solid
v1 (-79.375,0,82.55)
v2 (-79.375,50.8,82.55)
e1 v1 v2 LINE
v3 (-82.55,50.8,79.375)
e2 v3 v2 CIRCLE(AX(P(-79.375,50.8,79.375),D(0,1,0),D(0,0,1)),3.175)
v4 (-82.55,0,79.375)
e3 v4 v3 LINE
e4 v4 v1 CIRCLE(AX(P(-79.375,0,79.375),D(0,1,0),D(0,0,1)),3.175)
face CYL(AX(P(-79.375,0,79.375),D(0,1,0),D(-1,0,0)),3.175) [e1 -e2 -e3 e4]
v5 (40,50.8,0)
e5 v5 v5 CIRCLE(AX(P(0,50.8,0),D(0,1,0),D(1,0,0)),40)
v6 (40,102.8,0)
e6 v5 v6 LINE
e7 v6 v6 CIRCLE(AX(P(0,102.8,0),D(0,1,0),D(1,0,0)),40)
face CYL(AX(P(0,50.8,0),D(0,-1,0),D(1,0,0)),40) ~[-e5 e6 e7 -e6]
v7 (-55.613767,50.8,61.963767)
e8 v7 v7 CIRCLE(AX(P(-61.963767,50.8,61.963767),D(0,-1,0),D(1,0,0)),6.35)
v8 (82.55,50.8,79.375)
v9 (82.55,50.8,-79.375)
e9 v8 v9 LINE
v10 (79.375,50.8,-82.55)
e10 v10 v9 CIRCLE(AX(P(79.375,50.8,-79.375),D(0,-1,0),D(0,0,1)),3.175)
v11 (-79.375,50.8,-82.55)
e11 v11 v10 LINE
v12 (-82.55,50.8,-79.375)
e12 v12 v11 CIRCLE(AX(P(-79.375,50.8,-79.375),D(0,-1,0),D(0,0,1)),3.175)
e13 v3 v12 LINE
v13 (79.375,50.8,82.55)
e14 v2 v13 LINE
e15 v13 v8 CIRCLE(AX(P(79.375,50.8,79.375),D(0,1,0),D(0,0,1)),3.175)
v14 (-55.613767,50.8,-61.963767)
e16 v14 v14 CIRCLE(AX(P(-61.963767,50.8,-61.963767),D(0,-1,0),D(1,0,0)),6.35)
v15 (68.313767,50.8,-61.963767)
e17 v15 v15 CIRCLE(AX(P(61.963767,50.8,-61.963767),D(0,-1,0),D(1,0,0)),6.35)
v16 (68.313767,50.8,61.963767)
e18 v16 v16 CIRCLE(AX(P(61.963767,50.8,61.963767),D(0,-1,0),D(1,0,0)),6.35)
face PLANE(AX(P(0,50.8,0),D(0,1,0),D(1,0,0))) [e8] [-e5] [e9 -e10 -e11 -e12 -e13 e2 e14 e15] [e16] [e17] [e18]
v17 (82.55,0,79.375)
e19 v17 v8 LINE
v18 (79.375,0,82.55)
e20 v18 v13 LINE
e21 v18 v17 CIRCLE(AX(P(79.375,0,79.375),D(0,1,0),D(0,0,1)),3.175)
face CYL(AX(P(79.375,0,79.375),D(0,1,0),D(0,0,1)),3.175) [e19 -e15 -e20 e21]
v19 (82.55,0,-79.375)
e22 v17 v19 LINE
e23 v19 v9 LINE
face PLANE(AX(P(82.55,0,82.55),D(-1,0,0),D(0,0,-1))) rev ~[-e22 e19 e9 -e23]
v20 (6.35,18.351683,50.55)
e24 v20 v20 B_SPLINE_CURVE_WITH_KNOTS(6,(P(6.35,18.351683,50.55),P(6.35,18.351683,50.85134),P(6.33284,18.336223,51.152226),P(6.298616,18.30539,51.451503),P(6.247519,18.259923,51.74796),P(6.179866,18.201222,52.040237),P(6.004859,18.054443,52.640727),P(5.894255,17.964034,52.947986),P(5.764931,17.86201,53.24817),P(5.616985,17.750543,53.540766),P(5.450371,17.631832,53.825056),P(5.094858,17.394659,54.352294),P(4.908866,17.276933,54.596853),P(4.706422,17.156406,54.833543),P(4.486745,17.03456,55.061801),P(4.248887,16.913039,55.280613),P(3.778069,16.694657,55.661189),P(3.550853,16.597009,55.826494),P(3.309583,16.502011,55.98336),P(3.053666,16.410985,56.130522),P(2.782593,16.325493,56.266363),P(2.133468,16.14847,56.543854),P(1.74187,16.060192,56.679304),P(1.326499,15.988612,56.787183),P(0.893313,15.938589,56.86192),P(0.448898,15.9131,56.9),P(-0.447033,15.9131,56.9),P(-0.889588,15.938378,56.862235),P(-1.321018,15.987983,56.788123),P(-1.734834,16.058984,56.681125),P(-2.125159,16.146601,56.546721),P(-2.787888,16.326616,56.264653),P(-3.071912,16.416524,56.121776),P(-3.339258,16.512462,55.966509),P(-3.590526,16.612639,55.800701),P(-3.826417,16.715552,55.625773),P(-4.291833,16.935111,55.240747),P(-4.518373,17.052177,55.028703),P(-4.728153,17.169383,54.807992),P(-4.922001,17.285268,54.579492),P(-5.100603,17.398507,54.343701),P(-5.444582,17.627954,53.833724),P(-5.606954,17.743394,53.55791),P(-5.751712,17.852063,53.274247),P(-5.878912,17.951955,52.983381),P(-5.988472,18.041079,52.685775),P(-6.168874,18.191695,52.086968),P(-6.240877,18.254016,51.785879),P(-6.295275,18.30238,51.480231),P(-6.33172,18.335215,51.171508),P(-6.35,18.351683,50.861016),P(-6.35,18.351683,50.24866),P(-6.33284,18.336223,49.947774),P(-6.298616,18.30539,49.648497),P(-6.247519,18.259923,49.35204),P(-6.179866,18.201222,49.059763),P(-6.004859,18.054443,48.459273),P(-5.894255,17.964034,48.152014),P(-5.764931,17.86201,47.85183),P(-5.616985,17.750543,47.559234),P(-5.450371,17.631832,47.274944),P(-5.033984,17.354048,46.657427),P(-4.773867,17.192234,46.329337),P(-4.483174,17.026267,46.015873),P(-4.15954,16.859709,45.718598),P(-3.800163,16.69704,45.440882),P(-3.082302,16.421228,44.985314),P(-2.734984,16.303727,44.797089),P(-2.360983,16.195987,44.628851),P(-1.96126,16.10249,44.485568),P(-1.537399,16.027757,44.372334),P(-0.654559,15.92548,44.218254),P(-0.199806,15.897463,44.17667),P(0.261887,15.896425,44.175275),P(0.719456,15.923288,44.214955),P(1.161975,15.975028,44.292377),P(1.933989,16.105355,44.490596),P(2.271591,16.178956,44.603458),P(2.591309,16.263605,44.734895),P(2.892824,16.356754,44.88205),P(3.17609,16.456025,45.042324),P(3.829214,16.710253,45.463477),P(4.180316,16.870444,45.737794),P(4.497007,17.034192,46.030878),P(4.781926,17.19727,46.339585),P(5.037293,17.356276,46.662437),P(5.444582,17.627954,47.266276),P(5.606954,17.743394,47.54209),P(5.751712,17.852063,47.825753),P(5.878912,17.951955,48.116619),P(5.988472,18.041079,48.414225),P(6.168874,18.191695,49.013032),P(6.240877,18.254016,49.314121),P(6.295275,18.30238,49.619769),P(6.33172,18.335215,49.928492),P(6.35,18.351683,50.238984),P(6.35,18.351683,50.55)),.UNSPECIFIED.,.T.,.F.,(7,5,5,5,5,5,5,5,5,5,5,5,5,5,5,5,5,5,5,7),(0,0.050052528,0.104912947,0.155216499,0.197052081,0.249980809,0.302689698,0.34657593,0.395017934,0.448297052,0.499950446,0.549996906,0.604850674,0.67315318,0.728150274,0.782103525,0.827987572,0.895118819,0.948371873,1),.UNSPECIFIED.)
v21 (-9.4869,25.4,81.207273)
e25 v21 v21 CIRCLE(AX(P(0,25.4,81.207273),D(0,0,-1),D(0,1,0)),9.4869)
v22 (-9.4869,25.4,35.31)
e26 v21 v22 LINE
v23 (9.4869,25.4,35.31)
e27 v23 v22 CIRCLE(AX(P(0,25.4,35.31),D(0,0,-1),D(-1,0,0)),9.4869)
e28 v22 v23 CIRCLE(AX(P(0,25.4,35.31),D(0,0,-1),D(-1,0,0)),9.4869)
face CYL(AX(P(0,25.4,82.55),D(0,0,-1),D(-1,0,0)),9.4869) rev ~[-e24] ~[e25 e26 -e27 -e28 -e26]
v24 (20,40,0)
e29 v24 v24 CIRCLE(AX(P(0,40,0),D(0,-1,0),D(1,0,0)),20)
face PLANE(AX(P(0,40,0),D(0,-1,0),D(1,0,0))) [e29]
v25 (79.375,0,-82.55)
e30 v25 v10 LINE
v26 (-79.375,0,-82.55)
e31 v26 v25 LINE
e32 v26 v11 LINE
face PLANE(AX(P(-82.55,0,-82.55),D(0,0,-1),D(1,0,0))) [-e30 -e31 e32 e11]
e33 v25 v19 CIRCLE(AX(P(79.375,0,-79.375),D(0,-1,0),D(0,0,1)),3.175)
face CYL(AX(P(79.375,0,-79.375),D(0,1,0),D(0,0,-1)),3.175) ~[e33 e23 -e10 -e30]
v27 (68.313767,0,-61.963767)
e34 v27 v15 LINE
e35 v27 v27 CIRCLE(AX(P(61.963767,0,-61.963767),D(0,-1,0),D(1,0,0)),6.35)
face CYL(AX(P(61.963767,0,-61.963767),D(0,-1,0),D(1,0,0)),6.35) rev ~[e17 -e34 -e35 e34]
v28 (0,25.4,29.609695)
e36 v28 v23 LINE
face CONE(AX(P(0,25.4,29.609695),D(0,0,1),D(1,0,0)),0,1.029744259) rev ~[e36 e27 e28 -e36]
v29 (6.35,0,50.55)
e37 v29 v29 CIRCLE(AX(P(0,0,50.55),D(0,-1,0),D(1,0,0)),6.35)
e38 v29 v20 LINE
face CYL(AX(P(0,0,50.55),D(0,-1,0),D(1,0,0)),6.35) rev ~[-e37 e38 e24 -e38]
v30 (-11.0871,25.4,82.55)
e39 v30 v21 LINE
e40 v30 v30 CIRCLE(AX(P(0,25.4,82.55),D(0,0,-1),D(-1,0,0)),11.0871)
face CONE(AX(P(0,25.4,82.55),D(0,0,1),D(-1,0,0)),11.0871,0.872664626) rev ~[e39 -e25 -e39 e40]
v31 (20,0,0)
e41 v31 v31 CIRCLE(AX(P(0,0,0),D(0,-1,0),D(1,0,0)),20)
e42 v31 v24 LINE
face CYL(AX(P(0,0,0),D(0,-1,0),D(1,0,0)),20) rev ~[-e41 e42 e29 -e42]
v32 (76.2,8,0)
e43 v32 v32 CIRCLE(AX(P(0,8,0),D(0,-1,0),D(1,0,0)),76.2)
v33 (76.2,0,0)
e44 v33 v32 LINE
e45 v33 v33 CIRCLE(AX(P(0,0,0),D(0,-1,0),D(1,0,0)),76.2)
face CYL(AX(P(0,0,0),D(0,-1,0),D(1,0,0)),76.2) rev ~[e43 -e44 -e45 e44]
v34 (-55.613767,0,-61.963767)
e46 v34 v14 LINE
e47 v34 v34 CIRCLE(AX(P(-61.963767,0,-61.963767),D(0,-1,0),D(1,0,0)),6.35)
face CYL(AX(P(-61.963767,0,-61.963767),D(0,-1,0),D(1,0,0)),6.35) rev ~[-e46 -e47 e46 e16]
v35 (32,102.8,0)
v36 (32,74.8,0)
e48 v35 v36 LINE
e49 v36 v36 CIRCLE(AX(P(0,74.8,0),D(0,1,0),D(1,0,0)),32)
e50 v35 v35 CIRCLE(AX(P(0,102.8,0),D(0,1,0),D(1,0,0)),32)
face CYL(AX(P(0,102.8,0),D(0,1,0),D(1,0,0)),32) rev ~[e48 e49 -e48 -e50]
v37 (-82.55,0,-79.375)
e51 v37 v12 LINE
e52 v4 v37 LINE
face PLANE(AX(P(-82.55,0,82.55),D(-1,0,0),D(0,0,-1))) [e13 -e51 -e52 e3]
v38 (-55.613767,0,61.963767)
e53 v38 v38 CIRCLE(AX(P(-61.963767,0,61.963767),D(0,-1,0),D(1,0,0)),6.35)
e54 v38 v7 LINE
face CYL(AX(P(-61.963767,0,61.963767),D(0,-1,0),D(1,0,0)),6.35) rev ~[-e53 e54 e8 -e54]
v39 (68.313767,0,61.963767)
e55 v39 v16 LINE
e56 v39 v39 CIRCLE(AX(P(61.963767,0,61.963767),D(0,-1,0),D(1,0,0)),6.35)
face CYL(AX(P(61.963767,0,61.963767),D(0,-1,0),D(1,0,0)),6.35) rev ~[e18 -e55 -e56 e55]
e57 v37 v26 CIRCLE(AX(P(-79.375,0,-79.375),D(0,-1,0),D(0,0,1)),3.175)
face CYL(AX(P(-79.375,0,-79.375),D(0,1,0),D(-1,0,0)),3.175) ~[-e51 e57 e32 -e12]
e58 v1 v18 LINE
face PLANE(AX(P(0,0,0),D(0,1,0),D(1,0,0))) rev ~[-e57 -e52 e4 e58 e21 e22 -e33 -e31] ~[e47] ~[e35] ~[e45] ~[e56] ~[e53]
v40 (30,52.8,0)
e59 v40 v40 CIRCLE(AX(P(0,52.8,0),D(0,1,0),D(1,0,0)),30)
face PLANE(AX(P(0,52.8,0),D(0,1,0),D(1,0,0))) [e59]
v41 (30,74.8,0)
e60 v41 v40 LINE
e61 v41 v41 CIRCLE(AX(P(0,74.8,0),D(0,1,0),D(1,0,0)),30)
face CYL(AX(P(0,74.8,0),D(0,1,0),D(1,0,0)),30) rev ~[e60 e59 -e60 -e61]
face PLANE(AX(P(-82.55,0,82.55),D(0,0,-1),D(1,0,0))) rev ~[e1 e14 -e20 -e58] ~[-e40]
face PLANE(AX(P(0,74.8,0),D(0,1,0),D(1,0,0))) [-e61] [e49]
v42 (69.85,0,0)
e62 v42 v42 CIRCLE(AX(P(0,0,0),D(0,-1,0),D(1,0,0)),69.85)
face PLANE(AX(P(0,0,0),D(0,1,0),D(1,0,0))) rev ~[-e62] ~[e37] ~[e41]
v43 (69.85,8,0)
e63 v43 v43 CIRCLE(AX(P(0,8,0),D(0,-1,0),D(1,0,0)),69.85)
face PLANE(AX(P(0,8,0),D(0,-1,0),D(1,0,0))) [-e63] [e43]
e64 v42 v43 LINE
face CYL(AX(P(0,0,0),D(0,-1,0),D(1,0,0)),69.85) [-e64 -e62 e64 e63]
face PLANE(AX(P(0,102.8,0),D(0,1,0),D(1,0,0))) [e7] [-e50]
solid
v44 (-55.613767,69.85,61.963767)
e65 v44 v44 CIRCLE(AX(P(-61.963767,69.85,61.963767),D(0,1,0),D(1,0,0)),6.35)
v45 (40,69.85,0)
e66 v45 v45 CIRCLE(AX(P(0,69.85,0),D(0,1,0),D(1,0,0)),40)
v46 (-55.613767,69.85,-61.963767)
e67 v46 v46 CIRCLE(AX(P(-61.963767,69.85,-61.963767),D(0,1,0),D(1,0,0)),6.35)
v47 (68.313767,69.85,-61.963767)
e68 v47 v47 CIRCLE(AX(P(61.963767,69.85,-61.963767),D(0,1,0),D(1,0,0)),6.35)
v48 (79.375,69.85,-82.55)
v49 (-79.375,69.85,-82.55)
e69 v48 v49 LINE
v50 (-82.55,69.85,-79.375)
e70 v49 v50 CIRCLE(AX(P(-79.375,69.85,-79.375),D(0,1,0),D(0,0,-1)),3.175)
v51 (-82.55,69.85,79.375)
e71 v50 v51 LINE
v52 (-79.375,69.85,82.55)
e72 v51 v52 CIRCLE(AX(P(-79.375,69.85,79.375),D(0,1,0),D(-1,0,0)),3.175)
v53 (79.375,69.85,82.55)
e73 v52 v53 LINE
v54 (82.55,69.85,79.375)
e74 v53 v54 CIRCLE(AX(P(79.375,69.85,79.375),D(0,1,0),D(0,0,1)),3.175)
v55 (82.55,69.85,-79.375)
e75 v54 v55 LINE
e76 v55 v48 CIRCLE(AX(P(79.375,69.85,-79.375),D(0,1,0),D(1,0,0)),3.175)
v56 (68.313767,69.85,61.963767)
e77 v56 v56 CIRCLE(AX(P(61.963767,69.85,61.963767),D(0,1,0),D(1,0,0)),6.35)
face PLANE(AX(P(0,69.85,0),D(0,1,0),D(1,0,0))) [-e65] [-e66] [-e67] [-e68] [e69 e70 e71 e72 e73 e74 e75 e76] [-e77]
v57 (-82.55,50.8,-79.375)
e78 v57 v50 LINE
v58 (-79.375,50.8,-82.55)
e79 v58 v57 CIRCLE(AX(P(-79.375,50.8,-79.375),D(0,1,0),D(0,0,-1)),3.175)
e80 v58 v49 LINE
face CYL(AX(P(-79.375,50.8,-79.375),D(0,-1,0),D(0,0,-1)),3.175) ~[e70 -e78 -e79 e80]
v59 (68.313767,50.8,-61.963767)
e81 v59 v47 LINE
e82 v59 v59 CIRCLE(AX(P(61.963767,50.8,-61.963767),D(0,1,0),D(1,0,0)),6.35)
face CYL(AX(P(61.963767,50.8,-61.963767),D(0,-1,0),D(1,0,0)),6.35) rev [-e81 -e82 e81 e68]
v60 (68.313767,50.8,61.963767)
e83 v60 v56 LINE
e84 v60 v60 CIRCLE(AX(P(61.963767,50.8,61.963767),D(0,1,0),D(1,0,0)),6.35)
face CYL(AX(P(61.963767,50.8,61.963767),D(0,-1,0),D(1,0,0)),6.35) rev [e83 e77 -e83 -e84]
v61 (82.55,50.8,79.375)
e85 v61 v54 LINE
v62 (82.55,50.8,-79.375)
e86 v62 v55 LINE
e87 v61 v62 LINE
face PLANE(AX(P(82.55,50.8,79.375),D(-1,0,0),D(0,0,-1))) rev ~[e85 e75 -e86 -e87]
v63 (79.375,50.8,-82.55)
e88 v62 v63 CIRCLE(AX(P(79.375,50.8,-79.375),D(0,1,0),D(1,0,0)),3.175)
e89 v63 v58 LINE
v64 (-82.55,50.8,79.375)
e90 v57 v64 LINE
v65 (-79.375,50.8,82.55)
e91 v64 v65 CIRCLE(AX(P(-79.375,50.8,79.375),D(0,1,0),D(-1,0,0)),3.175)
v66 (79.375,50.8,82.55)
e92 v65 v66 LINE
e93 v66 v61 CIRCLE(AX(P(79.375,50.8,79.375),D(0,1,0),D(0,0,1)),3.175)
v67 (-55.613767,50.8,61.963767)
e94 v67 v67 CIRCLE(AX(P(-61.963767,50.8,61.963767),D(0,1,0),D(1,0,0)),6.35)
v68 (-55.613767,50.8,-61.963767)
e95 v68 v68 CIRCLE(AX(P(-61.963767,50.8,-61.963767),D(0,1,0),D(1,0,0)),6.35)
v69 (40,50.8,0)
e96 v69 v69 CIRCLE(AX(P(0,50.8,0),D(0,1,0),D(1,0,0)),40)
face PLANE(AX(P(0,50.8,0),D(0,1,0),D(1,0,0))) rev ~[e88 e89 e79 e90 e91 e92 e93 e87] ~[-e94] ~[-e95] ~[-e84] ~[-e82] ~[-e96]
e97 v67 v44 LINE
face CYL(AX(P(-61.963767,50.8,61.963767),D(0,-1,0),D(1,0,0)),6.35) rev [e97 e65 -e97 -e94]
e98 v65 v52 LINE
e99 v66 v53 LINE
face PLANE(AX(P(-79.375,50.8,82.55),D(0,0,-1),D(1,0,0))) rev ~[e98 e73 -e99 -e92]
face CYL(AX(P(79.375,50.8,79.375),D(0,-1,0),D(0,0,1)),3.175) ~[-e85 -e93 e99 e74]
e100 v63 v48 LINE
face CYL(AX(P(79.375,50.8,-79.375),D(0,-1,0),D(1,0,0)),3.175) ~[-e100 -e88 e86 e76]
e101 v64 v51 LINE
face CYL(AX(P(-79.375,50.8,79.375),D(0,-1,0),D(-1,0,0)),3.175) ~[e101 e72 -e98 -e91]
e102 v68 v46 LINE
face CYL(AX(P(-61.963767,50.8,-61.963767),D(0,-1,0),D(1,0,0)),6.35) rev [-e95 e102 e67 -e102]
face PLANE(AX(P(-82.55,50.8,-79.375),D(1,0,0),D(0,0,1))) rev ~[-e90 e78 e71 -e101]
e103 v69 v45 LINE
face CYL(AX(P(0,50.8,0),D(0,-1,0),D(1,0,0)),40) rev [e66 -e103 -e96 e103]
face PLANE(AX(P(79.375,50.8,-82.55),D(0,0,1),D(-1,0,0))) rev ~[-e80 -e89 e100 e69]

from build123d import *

# Parameters (mm, degrees)
SKETCH1_W                              = 165.1
SKETCH1_H                              = 165.1
BOSS_EXTRUDE1_DEPTH                    = 50.8
SKETCH2_R                              = 40
BOSS_EXTRUDE2_DEPTH                    = 52
SKETCH3_R                              = 32
CUT_EXTRUDE1_DEPTH                     = 28
SKETCH4_R                              = 30
CUT_EXTRUDE2_DEPTH                     = 22
FILLET1_R                              = 3.175
SKETCH5_R                              = 20
CUT_EXTRUDE3_DEPTH                     = 40
SKETCH6_R                              = 76.2
SKETCH6_R_2                            = 69.85
CUT_EXTRUDE4_DEPTH                     = 8
F_1_2_14_NPSM_TAPPED_HOLE1_D           = 18.9738
F_1_2_14_NPSM_TAPPED_HOLE1_DEPTH       = 47.24
F_1_2_14_NPSM_TAPPED_HOLE1_CSINK_D     = 22.1742
F_1_2_14_NPSM_TAPPED_HOLE1_CSINK_ANGLE = 100
F_1_2_14_NPSM_TAPPED_HOLE1_TIP         = 5.700304607
SKETCH10_R                             = 6.35
CUT_EXTRUDE5_DEPTH                     = 25
SKETCH11_R                             = 6.35
CUT_EXTRUDE6_DEPTH                     = 103.8
SKETCH13_R                             = 6.35
SKETCH13_R_2                           = 40
BOSS_EXTRUDE3_DEPTH                    = 19.05


with BuildPart() as part:
    # Sketch1 → Boss-Extrude1 (new body)
    with BuildSketch(Plane(origin=(0, 0, 0), x_dir=(1, 0, 0), z_dir=(0, 1, 0))):
        Rectangle(SKETCH1_W, SKETCH1_H)
    extrude(amount=BOSS_EXTRUDE1_DEPTH)

    # Sketch2 → Boss-Extrude2 (add)
    with BuildSketch(Plane(origin=(0, 50.8, 0), x_dir=(1, 0, 0), z_dir=(0, 1, 0))):
        Circle(SKETCH2_R)
    extrude(amount=BOSS_EXTRUDE2_DEPTH)

    # Sketch3 → Cut-Extrude1 (cut)
    with BuildSketch(Plane(origin=(0, 102.8, 0), x_dir=(1, 0, 0), z_dir=(0, 1, 0))):
        Circle(SKETCH3_R)
    extrude(amount=-CUT_EXTRUDE1_DEPTH, mode=Mode.SUBTRACT)

    # Sketch4 → Cut-Extrude2 (cut)
    with BuildSketch(Plane(origin=(0, 74.8, 0), x_dir=(1, 0, 0), z_dir=(0, 1, 0))):
        Circle(SKETCH4_R)
    extrude(amount=-CUT_EXTRUDE2_DEPTH, mode=Mode.SUBTRACT)

    # Fillet1
    fillet1_edges = [part.edges().sort_by_distance(p)[0] for p in [
        (82.55, 25.4, 82.55),
        (-82.55, 25.4, 82.55),
        (-82.55, 25.4, -82.55),
        (82.55, 25.4, -82.55),
    ]]
    fillet(fillet1_edges, radius=FILLET1_R)

    # Sketch5 → Cut-Extrude3 (cut)
    with BuildSketch(Plane.XZ):
        Circle(SKETCH5_R)
    extrude(amount=-CUT_EXTRUDE3_DEPTH, mode=Mode.SUBTRACT)

    # Sketch6 → Cut-Extrude4 (cut)
    with BuildSketch(Plane.XZ):
        Circle(SKETCH6_R)
        Circle(SKETCH6_R_2, mode=Mode.SUBTRACT)
    extrude(amount=-CUT_EXTRUDE4_DEPTH, mode=Mode.SUBTRACT)

    # 1/2-14 NPSM Tapped Hole1
    with Locations(Plane.XY.offset(82.55)):
        with Locations((0, 25.4)):
            CounterSinkHole(F_1_2_14_NPSM_TAPPED_HOLE1_D / 2, F_1_2_14_NPSM_TAPPED_HOLE1_CSINK_D / 2, depth=F_1_2_14_NPSM_TAPPED_HOLE1_DEPTH, counter_sink_angle=F_1_2_14_NPSM_TAPPED_HOLE1_CSINK_ANGLE)
            with Locations((0, 0, -(F_1_2_14_NPSM_TAPPED_HOLE1_DEPTH + F_1_2_14_NPSM_TAPPED_HOLE1_TIP / 2))):  # 118° drill point
                Cone(0, F_1_2_14_NPSM_TAPPED_HOLE1_D / 2, F_1_2_14_NPSM_TAPPED_HOLE1_TIP, mode=Mode.SUBTRACT)

    # Sketch10 → Cut-Extrude5 (cut)
    with BuildSketch(Plane.XZ):
        with Locations((0, 50.55)):
            Circle(SKETCH10_R)
    extrude(amount=-CUT_EXTRUDE5_DEPTH, mode=Mode.SUBTRACT)

    # Sketch11 → Cut-Extrude6 (cut, through all)
    with BuildSketch(Plane.XZ):
        with Locations((-61.963767235, 61.963767235)):
            Circle(SKETCH11_R)
        with Locations((61.963767235, 61.963767235)):
            Circle(SKETCH11_R)
        with Locations((61.963767235, -61.963767235)):
            Circle(SKETCH11_R)
        with Locations((-61.963767235, -61.963767235)):
            Circle(SKETCH11_R)
    extrude(amount=-CUT_EXTRUDE6_DEPTH, mode=Mode.SUBTRACT)


with BuildPart() as body_2:
    # Sketch13 → Boss-Extrude3 (new body)
    with BuildSketch(Plane(origin=(0, 50.8, 0), x_dir=(1, 0, 0), z_dir=(0, 1, 0))):
        with BuildLine():
            Line((-82.55, 79.375), (-82.55, -79.375))
            ThreePointArc((-82.55, -79.375), (-81.62006403, -81.62006403), (-79.375, -82.55))
            Line((-79.375, -82.55), (79.375, -82.55))
            ThreePointArc((79.375, -82.55), (81.62006403, -81.62006403), (82.55, -79.375))
            Line((82.55, -79.375), (82.55, 79.375))
            ThreePointArc((82.55, 79.375), (81.62006403, 81.62006403), (79.375, 82.55))
            Line((79.375, 82.55), (-79.375, 82.55))
            ThreePointArc((-79.375, 82.55), (-81.62006403, 81.62006403), (-82.55, 79.375))
        make_face()
        with Locations((61.963767235, 61.963767235)):
            Circle(SKETCH13_R, mode=Mode.SUBTRACT)
        with Locations((61.963767235, -61.963767235)):
            Circle(SKETCH13_R, mode=Mode.SUBTRACT)
        Circle(SKETCH13_R_2, mode=Mode.SUBTRACT)
        with Locations((-61.963767235, -61.963767235)):
            Circle(SKETCH13_R, mode=Mode.SUBTRACT)
        with Locations((-61.963767235, 61.963767235)):
            Circle(SKETCH13_R, mode=Mode.SUBTRACT)
    extrude(amount=BOSS_EXTRUDE3_DEPTH)


solid = Compound([part.part, body_2.part])
